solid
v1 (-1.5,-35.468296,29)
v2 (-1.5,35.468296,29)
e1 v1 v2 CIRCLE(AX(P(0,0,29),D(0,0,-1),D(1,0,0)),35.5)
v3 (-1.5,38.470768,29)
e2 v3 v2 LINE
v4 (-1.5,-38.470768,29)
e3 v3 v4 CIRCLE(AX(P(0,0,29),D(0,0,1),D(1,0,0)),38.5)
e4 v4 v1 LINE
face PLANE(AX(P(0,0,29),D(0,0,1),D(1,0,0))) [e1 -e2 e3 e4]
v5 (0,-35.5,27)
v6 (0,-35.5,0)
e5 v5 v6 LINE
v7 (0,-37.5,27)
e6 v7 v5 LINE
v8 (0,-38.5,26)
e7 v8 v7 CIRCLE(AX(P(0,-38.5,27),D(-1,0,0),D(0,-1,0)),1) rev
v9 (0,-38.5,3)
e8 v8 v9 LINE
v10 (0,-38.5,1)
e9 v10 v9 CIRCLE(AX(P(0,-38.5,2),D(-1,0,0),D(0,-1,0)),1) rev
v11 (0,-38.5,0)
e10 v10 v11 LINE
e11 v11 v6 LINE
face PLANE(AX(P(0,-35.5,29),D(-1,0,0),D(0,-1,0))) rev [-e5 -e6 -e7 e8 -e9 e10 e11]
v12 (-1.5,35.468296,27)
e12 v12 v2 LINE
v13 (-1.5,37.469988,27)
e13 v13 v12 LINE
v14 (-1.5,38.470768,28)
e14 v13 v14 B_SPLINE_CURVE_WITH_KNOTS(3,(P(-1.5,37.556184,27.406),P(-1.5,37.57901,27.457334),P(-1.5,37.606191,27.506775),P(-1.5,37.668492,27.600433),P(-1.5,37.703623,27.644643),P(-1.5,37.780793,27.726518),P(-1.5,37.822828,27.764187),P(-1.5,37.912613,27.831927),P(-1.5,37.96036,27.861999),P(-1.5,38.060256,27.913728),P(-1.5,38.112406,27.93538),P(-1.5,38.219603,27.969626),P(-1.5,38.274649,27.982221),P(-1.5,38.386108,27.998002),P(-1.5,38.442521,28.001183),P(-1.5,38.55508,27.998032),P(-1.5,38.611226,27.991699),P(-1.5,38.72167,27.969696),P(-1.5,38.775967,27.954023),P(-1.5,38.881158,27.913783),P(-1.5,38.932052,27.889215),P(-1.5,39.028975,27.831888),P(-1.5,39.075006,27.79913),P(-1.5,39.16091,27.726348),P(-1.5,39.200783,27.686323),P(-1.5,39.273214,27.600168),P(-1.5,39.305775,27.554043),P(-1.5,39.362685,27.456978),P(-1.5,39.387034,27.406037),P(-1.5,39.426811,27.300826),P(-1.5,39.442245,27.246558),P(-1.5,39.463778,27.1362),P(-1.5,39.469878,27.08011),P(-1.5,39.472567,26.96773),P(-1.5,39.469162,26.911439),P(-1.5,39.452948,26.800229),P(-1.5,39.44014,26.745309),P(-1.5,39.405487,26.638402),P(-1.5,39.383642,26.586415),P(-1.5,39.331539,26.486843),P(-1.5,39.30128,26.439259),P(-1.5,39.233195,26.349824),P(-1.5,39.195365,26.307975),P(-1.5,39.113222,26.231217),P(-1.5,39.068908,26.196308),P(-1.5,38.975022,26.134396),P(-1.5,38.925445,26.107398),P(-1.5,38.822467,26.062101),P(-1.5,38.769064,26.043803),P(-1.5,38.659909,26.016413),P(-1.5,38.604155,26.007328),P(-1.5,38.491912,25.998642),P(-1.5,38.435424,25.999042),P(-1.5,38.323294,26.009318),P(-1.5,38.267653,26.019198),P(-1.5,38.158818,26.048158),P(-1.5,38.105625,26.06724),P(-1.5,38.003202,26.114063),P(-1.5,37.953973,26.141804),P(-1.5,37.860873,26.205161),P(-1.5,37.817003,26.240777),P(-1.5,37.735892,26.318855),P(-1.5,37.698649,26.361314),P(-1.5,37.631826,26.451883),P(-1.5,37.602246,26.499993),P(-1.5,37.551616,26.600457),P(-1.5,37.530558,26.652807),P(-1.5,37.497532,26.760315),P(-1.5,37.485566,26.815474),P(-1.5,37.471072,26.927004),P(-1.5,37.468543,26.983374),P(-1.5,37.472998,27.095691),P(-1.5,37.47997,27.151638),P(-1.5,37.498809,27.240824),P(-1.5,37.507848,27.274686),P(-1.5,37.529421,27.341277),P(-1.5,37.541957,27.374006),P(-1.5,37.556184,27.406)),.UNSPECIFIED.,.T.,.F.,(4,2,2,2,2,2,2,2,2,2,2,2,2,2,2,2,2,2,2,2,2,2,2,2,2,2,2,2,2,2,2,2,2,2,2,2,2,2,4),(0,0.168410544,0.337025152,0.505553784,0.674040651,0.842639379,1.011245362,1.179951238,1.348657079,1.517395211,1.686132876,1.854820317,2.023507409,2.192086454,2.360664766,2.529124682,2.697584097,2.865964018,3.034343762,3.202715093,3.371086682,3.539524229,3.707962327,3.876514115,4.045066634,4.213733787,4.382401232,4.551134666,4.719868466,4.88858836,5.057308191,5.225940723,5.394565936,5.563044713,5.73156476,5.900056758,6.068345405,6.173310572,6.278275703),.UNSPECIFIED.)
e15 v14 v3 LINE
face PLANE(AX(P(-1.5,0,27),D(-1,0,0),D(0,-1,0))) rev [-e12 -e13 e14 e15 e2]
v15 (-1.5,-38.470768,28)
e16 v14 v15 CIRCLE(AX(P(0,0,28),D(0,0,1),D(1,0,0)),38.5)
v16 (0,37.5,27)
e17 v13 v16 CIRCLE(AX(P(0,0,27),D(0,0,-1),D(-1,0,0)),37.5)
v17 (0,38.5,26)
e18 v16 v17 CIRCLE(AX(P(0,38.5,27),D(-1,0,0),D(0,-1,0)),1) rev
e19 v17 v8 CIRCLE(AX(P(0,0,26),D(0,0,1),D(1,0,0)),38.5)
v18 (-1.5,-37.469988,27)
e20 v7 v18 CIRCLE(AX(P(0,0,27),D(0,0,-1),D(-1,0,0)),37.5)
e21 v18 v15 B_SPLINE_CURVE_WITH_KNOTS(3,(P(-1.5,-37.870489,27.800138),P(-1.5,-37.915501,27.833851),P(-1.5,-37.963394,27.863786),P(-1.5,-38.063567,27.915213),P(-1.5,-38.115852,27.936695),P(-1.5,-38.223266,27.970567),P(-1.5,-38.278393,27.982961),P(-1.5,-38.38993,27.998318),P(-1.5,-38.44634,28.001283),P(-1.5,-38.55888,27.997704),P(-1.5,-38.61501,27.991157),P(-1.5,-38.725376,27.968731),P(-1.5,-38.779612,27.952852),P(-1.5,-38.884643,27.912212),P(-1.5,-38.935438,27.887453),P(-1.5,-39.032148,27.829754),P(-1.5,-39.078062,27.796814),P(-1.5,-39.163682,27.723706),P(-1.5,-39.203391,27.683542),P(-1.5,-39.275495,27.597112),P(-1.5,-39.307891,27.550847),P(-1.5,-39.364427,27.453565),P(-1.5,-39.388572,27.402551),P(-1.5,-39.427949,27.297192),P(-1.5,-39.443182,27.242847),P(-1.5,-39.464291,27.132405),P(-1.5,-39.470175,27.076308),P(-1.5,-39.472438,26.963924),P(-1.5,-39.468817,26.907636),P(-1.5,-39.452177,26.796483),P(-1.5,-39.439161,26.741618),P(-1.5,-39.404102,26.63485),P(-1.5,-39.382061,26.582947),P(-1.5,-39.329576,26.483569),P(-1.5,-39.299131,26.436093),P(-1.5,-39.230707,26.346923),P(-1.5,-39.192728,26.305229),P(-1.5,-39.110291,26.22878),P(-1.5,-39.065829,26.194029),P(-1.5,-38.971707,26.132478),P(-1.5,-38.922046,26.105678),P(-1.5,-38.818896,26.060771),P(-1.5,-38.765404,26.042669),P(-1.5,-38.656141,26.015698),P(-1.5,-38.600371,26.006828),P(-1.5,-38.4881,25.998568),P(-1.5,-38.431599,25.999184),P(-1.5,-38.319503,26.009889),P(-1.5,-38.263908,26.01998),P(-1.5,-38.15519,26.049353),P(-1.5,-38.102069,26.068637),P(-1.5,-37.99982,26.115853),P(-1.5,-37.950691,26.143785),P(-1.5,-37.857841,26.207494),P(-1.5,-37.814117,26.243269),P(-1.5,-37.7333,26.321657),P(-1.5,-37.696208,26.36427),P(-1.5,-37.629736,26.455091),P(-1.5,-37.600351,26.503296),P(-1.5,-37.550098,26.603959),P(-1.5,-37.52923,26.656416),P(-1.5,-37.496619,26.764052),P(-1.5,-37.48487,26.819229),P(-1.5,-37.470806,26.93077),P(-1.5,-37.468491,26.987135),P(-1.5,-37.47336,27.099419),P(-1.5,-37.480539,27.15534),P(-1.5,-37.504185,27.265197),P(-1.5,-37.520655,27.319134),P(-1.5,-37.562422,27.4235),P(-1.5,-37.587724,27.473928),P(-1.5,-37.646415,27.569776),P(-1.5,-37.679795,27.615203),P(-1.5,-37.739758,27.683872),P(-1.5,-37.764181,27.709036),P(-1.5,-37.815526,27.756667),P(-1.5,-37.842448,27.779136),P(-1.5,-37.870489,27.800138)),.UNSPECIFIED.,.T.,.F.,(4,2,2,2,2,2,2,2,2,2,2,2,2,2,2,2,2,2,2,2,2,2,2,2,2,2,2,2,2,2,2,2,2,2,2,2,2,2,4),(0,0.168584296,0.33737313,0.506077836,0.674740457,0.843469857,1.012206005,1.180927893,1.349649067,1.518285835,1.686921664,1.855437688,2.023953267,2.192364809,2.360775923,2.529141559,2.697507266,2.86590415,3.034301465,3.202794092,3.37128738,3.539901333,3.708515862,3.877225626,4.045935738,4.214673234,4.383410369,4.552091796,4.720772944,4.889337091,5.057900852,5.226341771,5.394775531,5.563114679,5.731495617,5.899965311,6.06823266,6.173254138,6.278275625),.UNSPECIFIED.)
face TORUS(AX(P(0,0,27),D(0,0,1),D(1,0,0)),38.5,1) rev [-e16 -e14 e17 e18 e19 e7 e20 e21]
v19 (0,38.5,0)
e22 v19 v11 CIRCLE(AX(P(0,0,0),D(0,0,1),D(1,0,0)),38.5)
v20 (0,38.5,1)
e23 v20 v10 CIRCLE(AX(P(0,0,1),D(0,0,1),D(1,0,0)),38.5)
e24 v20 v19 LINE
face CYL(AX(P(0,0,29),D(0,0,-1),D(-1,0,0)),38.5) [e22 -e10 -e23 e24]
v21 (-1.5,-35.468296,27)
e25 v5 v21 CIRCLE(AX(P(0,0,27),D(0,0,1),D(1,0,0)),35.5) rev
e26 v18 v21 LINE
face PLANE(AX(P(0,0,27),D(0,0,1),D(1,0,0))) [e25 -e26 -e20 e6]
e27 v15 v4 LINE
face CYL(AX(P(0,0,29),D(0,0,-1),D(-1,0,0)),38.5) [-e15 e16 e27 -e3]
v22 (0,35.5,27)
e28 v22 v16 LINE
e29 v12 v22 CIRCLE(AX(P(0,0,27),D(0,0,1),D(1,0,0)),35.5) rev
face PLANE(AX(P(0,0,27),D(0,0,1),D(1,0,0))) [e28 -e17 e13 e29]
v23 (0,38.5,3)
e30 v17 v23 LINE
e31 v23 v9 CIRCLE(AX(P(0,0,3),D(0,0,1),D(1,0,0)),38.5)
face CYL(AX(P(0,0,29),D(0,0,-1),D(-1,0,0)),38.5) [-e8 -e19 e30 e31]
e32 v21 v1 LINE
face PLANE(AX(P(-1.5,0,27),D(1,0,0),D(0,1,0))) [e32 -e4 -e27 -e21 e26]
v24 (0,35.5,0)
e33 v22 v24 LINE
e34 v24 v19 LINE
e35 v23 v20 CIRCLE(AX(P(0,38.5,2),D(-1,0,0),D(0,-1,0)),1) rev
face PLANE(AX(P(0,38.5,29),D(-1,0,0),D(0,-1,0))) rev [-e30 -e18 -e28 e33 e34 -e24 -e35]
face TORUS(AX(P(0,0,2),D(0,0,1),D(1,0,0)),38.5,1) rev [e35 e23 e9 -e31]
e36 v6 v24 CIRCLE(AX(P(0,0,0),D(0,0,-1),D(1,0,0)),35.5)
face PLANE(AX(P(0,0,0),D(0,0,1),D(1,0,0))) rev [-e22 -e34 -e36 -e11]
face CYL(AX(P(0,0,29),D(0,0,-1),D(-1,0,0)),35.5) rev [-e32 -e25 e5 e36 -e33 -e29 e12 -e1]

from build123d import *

# Parameters (mm, degrees)
MAIN_SHELL_DEPTH = 29
END_STOP_DEPTH   = 2


with BuildPart() as part:
    # Sketch1 → Main Shell (new body)
    with BuildSketch(Plane.XY):
        with BuildLine():
            Line((0, 38.5), (0, 35.5))
            ThreePointArc((0, 35.5), (-35.5, 0), (0, -35.5))
            Line((0, -35.5), (0, -38.5))
            ThreePointArc((0, -38.5), (-38.5, 0), (0, 38.5))
        make_face()
    extrude(amount=MAIN_SHELL_DEPTH)

    # Sketch3 → Rubber Band Holder (revolve, cut)
    with BuildSketch(Plane(origin=(0, 0, 0), x_dir=(0, 0, -1), z_dir=(1, 0, 0))):
        with BuildLine():
            Line((-28, 38.5), (-26, 38.5))
            ThreePointArc((-26, 38.5), (-27, 37.5), (-28, 38.5))
        make_face()
        with BuildLine():
            Line((-3, 38.5), (-1, 38.5))
            ThreePointArc((-1, 38.5), (-2, 37.5), (-3, 38.5))
        make_face()
    revolve(axis=Axis((0, 0, 29), (0, 0, -1)), mode=Mode.SUBTRACT)

    # Sketch4 → End Stop (cut)
    with BuildSketch(Plane.XY.offset(29)):
        with BuildLine():
            Line((0, 38.5), (0, 35.5))
            ThreePointArc((0, 35.5), (-0.750167508, 35.49207304), (-1.5, 35.468295702))
            Line((-1.5, 35.468295702), (-1.5, 38.470768123))
            ThreePointArc((-1.5, 38.470768123), (-0.750142404, 38.492691337), (0, 38.5))
        make_face()
        with BuildLine():
            Line((-1.5, -38.470768123), (-1.5, -35.468295702))
            ThreePointArc((-1.5, -35.468295702), (-0.750167508, -35.49207304), (0, -35.5))
            Line((0, -35.5), (0, -38.5))
            ThreePointArc((0, -38.5), (-0.750142404, -38.492691337), (-1.5, -38.470768123))
        make_face()
    extrude(amount=-END_STOP_DEPTH, mode=Mode.SUBTRACT)


solid = part.part
